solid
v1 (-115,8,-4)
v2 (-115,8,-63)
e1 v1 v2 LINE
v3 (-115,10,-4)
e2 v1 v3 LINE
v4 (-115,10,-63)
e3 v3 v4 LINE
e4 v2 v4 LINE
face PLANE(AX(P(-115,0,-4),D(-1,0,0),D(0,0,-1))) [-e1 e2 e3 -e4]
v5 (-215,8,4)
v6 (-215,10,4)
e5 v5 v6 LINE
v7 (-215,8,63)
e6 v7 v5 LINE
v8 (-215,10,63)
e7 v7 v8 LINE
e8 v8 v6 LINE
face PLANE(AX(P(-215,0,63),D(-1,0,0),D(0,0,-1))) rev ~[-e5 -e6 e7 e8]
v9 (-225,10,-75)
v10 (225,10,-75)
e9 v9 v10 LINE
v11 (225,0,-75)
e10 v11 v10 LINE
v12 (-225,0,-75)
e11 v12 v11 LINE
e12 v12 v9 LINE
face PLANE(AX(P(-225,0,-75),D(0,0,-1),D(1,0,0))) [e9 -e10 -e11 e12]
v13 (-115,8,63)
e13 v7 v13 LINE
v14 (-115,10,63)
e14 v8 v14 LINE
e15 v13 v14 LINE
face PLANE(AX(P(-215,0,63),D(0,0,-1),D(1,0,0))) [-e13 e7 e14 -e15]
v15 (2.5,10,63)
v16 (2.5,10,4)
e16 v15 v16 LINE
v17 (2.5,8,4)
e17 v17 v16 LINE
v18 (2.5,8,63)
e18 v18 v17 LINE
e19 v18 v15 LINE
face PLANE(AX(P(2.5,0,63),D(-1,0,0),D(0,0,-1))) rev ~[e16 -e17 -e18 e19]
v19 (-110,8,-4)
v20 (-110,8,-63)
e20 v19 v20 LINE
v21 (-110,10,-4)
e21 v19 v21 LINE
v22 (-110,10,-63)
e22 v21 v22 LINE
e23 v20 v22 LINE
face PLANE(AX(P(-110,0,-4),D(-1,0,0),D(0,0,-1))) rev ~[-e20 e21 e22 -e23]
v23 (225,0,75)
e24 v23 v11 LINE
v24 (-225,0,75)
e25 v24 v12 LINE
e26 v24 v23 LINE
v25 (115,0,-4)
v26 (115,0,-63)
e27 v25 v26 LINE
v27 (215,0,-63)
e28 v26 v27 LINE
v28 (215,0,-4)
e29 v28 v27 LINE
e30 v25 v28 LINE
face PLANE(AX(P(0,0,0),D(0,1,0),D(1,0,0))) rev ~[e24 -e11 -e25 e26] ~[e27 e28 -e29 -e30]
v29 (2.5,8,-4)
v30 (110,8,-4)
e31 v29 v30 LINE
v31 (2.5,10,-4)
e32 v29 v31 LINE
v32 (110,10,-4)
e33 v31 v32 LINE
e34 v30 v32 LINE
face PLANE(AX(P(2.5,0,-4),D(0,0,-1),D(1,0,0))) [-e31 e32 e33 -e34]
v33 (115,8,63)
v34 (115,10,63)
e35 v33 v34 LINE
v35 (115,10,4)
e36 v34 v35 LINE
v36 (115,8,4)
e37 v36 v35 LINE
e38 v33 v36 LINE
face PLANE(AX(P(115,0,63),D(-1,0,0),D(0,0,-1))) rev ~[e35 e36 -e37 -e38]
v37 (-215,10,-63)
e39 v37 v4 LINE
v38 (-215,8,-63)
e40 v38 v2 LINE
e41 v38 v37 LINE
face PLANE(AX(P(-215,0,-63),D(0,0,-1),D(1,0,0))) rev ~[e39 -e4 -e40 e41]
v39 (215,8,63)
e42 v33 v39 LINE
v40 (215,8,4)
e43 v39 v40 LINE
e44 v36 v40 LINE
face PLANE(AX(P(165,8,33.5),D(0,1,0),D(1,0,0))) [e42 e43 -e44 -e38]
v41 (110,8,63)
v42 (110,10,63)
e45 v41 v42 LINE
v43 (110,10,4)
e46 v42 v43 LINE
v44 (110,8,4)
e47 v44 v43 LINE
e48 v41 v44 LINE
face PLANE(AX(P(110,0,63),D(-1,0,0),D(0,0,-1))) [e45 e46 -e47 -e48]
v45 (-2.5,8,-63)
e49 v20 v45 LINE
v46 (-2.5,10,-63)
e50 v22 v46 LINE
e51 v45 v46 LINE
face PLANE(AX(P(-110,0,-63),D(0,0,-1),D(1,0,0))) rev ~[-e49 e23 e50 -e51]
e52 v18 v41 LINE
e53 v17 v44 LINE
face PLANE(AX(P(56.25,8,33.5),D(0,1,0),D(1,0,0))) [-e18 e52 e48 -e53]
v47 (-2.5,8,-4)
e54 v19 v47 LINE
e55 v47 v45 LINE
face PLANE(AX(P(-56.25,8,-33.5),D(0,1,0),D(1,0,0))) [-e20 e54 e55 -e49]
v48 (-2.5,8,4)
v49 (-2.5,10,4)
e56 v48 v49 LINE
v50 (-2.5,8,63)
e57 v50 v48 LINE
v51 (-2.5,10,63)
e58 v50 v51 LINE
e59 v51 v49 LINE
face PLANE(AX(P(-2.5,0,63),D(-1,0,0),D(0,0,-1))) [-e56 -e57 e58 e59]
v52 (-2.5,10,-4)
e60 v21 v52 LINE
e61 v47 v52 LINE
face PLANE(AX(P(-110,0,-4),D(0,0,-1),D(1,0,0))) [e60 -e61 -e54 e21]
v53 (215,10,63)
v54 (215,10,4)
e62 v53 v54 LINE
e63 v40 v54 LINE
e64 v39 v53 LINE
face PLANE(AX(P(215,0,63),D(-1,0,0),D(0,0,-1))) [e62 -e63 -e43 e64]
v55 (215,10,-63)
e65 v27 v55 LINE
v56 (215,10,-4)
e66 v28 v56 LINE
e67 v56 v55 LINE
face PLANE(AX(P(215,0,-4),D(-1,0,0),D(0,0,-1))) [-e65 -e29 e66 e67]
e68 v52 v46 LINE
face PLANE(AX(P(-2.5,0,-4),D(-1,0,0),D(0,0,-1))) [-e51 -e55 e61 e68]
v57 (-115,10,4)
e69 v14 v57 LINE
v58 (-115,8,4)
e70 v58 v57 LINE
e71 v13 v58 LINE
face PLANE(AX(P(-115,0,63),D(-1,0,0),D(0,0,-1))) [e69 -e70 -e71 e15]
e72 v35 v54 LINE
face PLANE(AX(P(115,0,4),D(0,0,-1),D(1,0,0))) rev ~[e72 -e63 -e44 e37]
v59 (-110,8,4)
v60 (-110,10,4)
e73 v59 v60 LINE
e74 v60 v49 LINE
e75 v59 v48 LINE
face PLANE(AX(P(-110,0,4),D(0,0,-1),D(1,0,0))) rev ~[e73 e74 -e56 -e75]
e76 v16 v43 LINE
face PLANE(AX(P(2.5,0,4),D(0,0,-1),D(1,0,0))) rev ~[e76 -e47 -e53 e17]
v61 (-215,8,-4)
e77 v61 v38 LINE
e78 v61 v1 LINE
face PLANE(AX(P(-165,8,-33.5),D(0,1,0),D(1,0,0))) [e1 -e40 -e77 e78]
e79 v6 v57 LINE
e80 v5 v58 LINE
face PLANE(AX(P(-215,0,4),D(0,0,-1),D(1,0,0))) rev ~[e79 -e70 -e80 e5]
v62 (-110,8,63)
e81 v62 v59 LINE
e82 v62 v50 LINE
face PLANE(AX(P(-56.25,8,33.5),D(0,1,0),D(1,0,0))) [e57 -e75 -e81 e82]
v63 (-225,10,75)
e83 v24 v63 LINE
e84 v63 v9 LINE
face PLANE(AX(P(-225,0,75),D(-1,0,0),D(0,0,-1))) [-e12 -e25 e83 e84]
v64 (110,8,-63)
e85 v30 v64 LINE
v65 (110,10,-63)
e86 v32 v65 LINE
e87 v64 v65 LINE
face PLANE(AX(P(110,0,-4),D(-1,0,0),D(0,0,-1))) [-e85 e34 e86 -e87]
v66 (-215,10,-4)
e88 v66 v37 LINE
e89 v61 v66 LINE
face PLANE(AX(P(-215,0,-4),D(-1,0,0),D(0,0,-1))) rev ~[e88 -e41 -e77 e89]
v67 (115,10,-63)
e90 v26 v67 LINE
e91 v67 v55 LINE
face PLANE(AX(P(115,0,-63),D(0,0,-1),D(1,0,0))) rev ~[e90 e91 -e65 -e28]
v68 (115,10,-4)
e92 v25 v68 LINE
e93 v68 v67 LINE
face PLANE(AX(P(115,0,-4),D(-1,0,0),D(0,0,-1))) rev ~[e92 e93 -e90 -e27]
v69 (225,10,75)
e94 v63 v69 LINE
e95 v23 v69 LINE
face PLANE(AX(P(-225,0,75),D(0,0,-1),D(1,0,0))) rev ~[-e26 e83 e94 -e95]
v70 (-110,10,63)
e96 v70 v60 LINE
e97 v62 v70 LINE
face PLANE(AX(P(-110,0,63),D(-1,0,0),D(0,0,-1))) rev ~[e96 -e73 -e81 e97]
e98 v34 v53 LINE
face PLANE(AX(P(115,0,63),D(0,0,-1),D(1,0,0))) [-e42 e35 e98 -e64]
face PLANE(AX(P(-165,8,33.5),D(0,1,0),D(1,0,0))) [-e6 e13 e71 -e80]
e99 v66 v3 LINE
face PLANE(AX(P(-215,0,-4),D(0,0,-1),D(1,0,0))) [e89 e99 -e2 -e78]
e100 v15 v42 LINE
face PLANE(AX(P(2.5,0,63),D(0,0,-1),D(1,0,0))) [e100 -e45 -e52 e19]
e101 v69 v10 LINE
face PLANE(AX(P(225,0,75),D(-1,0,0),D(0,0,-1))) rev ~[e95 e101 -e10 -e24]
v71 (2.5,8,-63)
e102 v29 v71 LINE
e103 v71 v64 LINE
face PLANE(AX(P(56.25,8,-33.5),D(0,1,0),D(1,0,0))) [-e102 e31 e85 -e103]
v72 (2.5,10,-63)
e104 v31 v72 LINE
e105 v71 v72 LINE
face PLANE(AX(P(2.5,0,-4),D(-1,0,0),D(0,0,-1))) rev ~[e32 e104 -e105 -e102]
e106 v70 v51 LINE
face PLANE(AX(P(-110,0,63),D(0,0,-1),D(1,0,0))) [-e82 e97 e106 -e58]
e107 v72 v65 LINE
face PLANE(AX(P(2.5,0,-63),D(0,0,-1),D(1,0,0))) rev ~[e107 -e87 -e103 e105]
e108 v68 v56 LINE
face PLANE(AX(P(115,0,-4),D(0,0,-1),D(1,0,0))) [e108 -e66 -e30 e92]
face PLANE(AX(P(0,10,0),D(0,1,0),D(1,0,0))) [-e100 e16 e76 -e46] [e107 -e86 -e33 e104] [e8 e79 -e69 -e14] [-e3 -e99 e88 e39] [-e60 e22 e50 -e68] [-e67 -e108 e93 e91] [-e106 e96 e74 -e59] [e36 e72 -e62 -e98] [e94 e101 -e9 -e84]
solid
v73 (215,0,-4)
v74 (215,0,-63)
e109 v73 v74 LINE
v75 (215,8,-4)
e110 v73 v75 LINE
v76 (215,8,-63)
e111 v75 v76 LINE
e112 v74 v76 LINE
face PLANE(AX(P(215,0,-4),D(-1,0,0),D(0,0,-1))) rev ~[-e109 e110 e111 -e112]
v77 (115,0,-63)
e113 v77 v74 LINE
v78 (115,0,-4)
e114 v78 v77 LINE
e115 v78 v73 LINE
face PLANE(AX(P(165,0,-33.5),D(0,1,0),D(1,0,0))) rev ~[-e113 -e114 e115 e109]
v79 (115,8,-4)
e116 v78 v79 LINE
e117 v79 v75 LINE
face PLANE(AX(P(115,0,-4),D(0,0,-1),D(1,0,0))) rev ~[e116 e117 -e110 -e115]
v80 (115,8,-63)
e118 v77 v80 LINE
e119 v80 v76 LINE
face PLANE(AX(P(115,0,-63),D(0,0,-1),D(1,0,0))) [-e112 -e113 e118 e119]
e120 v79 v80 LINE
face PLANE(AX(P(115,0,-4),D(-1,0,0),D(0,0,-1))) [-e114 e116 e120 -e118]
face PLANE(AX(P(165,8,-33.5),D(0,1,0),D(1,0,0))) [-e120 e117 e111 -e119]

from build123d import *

# Parameters (mm, degrees)
SKETCH1_W             = 100
SKETCH1_H             = 59
BOSS_EXTRUDE1_DEPTH   = 8
SKETCH1_W_2           = 107.5
BOSS_EXTRUDE1_2_DEPTH = 8
BOSS_EXTRUDE1_3_DEPTH = 8
BOSS_EXTRUDE1_4_DEPTH = 8
BOSS_EXTRUDE1_5_DEPTH = 8
BOSS_EXTRUDE1_6_DEPTH = 8
BOSS_EXTRUDE1_7_DEPTH = 8
BOSS_EXTRUDE1_8_DEPTH = 8
SKETCH1_3_W           = 450
SKETCH1_3_H           = 150
SKETCH1_3_W_2         = 100
SKETCH1_3_H_2         = 59
SKETCH1_3_W_3         = 107.5
BOSS_EXTRUDE2_DEPTH   = 10


with BuildPart() as part:
    # Sketch1 → Boss-Extrude1 (new body)
    with BuildSketch(Plane(origin=(0, 0, 0), x_dir=(1, 0, 0), z_dir=(0, 1, 0))):
        with Locations((-165, 33.5)):
            Rectangle(SKETCH1_W, SKETCH1_H)
    extrude(amount=BOSS_EXTRUDE1_DEPTH)



with BuildPart() as body_2:
    # Sketch1 → Boss-Extrude1 2 (new body)
    with BuildSketch(Plane(origin=(0, 0, 0), x_dir=(1, 0, 0), z_dir=(0, 1, 0))):
        with Locations((-56.25, 33.5)):
            Rectangle(SKETCH1_W_2, SKETCH1_H)
    extrude(amount=BOSS_EXTRUDE1_2_DEPTH)


with BuildPart() as body_3:
    # Sketch1 → Boss-Extrude1 3 (new body)
    with BuildSketch(Plane(origin=(0, 0, 0), x_dir=(1, 0, 0), z_dir=(0, 1, 0))):
        with Locations((-165, -33.5)):
            Rectangle(SKETCH1_W, SKETCH1_H)
    extrude(amount=BOSS_EXTRUDE1_3_DEPTH)


with BuildPart() as body_4:
    # Sketch1 → Boss-Extrude1 4 (new body)
    with BuildSketch(Plane(origin=(0, 0, 0), x_dir=(1, 0, 0), z_dir=(0, 1, 0))):
        with Locations((56.25, 33.5)):
            Rectangle(SKETCH1_W_2, SKETCH1_H)
    extrude(amount=BOSS_EXTRUDE1_4_DEPTH)


with BuildPart() as body_5:
    # Sketch1 → Boss-Extrude1 5 (new body)
    with BuildSketch(Plane(origin=(0, 0, 0), x_dir=(1, 0, 0), z_dir=(0, 1, 0))):
        with Locations((-56.25, -33.5)):
            Rectangle(SKETCH1_W_2, SKETCH1_H)
    extrude(amount=BOSS_EXTRUDE1_5_DEPTH)


with BuildPart() as body_6:
    # Sketch1 → Boss-Extrude1 6 (new body)
    with BuildSketch(Plane(origin=(0, 0, 0), x_dir=(1, 0, 0), z_dir=(0, 1, 0))):
        with Locations((165, 33.5)):
            Rectangle(SKETCH1_W, SKETCH1_H)
    extrude(amount=BOSS_EXTRUDE1_6_DEPTH)


with BuildPart() as body_7:
    # Sketch1 → Boss-Extrude1 7 (new body)
    with BuildSketch(Plane(origin=(0, 0, 0), x_dir=(1, 0, 0), z_dir=(0, 1, 0))):
        with Locations((56.25, -33.5)):
            Rectangle(SKETCH1_W_2, SKETCH1_H)
    extrude(amount=BOSS_EXTRUDE1_7_DEPTH)


with BuildPart() as body_8:
    # Sketch1 → Boss-Extrude1 8 (new body)
    with BuildSketch(Plane(origin=(0, 0, 0), x_dir=(1, 0, 0), z_dir=(0, 1, 0))):
        with Locations((165, -33.5)):
            Rectangle(SKETCH1_W, SKETCH1_H)
    extrude(amount=BOSS_EXTRUDE1_8_DEPTH)


with BuildPart() as part_1:
    add(part.part)

    add(body_3.part)  # Boss-Extrude2 merges body 3

    add(body_2.part)  # Boss-Extrude2 merges body 2

    add(body_5.part)  # Boss-Extrude2 merges body 5

    add(body_4.part)  # Boss-Extrude2 merges body 4

    add(body_7.part)  # Boss-Extrude2 merges body 7

    add(body_8.part)  # Boss-Extrude2 merges body 8
    # Sketch1<3> → Boss-Extrude2 (add)
    with BuildSketch(Plane(origin=(0, 0, 0), x_dir=(1, 0, 0), z_dir=(0, 1, 0))):
        Rectangle(SKETCH1_3_W, SKETCH1_3_H)
        with Locations((-165, 33.5)):
            Rectangle(SKETCH1_3_W_2, SKETCH1_3_H_2, mode=Mode.SUBTRACT)
        with Locations((-56.25, 33.5)):
            Rectangle(SKETCH1_3_W_3, SKETCH1_3_H_2, mode=Mode.SUBTRACT)
        with Locations((-165, -33.5)):
            Rectangle(SKETCH1_3_W_2, SKETCH1_3_H_2, mode=Mode.SUBTRACT)
        with Locations((56.25, 33.5)):
            Rectangle(SKETCH1_3_W_3, SKETCH1_3_H_2, mode=Mode.SUBTRACT)
        with Locations((-56.25, -33.5)):
            Rectangle(SKETCH1_3_W_3, SKETCH1_3_H_2, mode=Mode.SUBTRACT)
        with Locations((165, 33.5)):
            Rectangle(SKETCH1_3_W_2, SKETCH1_3_H_2, mode=Mode.SUBTRACT)
        with Locations((56.25, -33.5)):
            Rectangle(SKETCH1_3_W_3, SKETCH1_3_H_2, mode=Mode.SUBTRACT)
        with Locations((165, -33.5)):
            Rectangle(SKETCH1_3_W_2, SKETCH1_3_H_2, mode=Mode.SUBTRACT)
    extrude(amount=BOSS_EXTRUDE2_DEPTH)


solid = Compound([body_6.part, part_1.part])
